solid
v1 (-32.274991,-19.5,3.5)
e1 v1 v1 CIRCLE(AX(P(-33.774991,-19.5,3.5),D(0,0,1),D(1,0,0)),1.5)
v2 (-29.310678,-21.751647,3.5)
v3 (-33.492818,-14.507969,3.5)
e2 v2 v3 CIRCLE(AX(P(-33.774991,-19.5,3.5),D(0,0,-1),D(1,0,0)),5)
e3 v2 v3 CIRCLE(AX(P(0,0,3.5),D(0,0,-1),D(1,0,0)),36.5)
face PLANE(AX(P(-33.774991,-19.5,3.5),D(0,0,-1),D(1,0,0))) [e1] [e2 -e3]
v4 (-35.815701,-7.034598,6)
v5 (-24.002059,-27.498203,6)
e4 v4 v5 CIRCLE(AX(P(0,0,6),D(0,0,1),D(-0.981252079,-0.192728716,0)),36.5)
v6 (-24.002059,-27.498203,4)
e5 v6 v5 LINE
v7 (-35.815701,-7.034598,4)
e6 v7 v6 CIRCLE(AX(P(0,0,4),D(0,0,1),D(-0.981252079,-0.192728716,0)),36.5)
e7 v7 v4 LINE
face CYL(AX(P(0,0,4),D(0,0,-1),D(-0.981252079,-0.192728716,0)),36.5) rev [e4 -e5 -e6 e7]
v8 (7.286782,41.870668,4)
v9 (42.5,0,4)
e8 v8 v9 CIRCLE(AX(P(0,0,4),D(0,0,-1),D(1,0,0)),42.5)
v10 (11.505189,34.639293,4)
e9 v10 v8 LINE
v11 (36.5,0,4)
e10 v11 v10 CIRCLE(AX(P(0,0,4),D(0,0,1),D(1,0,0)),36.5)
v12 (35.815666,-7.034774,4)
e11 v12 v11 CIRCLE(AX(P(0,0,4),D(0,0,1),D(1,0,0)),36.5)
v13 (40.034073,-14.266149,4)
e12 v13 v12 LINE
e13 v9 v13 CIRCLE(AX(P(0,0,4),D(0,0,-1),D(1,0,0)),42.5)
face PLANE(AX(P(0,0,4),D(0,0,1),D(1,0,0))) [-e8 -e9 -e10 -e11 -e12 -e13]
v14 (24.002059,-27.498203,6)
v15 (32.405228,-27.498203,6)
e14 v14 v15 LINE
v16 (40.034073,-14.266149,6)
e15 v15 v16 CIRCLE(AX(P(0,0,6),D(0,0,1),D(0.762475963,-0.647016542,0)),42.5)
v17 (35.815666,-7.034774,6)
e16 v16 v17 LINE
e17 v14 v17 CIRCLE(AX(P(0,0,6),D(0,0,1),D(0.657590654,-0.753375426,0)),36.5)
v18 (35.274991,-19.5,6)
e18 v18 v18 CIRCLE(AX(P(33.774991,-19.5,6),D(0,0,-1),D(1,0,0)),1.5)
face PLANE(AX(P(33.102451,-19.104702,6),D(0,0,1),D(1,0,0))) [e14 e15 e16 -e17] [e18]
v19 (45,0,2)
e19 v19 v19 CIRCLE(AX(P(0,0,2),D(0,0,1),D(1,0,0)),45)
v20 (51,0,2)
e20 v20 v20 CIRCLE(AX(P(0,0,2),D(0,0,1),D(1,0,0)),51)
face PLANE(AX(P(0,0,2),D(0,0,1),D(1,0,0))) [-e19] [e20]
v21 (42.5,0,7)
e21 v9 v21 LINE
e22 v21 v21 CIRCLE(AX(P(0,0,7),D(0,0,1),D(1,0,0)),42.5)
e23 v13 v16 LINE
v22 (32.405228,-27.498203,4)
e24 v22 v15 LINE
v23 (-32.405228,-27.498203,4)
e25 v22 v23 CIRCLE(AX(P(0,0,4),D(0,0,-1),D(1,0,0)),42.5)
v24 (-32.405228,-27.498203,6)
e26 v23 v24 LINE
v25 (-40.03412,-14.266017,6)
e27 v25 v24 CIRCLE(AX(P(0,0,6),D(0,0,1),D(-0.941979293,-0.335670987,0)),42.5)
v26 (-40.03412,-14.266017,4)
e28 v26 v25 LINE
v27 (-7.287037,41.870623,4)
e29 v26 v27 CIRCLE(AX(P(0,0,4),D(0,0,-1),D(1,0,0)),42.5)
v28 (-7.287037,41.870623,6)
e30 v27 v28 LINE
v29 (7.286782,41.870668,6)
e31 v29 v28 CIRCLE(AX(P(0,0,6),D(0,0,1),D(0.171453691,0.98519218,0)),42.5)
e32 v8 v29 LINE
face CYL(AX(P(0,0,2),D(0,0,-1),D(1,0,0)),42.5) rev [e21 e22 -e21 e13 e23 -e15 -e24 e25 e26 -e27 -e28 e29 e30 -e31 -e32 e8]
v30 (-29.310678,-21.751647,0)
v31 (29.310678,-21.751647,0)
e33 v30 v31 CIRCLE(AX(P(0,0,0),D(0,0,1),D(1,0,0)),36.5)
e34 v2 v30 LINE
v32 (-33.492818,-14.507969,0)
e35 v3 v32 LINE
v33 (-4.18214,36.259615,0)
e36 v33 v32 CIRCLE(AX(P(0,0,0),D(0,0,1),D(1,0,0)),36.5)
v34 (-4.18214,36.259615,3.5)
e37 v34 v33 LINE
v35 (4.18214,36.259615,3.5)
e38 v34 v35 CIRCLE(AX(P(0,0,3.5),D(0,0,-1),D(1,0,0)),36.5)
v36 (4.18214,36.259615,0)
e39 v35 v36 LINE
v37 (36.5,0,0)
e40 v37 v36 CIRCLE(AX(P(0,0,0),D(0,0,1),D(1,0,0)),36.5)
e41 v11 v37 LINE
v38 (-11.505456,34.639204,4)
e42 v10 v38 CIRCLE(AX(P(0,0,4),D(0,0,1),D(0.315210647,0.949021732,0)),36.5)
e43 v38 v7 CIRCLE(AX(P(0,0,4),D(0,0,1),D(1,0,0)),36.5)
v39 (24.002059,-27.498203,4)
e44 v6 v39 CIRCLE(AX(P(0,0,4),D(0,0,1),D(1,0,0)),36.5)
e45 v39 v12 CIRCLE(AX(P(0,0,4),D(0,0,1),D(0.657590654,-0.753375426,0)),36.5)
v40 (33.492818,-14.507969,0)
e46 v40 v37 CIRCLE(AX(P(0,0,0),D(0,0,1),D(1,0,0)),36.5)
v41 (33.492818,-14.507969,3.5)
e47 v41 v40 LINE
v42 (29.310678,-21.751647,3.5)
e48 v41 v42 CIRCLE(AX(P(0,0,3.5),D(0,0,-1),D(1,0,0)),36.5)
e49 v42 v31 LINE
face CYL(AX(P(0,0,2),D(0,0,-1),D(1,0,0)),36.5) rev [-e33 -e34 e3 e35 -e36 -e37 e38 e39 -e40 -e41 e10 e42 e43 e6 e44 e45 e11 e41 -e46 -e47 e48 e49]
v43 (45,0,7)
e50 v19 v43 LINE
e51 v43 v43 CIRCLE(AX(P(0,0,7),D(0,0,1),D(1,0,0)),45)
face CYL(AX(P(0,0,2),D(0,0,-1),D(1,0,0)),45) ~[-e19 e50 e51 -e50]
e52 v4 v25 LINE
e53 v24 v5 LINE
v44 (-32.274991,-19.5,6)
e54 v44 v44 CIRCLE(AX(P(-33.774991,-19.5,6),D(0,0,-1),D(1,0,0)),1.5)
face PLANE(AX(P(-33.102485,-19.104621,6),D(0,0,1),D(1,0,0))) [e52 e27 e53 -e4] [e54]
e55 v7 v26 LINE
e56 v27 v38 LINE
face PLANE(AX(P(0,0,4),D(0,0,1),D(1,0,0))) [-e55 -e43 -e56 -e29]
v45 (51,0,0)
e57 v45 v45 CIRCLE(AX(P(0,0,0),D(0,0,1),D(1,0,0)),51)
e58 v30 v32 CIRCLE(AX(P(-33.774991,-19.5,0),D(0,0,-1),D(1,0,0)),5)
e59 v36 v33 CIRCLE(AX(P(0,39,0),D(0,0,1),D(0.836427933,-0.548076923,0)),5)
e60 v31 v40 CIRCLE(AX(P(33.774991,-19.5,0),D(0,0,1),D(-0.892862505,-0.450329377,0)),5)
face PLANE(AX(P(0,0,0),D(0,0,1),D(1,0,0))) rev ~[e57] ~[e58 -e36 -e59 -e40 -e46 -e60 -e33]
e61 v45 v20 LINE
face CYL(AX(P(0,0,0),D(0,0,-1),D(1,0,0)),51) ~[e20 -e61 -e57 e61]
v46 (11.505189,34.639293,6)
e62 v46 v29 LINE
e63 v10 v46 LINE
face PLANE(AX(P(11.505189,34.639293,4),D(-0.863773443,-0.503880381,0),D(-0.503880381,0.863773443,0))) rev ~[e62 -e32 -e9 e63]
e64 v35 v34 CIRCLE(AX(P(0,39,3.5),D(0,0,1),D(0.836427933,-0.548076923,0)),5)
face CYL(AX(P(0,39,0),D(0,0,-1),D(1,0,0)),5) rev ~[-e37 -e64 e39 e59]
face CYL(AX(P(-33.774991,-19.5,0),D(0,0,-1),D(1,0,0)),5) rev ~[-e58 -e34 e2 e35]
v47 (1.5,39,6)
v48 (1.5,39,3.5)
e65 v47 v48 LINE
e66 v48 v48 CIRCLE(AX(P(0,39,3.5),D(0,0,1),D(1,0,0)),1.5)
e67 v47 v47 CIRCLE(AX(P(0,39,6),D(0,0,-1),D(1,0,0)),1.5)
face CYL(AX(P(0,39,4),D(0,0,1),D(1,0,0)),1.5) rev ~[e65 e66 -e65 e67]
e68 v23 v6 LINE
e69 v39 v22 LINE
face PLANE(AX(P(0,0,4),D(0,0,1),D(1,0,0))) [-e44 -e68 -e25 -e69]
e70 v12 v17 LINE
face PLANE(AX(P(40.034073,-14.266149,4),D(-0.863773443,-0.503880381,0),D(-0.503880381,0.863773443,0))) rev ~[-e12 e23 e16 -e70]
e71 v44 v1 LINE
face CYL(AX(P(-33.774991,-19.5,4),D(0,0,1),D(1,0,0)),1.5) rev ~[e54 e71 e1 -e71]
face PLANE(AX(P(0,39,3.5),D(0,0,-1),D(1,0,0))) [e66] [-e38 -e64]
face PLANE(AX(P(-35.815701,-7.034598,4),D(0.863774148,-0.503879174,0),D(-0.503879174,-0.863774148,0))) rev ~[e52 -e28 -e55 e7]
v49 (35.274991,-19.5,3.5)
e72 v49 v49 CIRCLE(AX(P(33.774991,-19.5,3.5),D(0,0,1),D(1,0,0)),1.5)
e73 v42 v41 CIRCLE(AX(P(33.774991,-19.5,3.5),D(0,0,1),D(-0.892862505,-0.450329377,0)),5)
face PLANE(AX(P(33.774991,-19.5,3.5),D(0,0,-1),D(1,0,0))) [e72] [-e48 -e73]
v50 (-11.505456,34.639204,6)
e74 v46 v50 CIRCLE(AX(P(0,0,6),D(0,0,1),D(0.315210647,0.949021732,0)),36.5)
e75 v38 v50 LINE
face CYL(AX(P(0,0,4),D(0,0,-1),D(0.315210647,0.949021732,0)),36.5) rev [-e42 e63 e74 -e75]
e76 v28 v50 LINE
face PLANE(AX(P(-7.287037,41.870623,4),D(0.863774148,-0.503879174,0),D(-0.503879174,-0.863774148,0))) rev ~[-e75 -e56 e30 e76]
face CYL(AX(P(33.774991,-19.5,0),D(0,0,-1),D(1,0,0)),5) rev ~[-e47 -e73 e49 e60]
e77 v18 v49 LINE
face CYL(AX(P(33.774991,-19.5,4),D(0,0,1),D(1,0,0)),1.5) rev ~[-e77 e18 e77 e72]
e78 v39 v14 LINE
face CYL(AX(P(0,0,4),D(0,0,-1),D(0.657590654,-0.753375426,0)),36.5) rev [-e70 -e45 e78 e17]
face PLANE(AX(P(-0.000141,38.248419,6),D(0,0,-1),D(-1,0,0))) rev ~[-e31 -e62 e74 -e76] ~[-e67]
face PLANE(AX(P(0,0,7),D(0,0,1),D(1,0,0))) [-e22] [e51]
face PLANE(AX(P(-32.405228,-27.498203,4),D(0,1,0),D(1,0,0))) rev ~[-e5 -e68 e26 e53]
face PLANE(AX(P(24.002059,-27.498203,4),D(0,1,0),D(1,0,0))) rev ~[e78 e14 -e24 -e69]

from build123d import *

# Parameters (mm, degrees)
SKETCH_R          = 51
SKETCH_R_2        = 36.5
PAD_DEPTH         = 2
SKETCH001_R       = 45
SKETCH001_R_2     = 42.5
PAD001_DEPTH      = 5
SKETCH002_R       = 43
SKETCH002_R_2     = 36.5
PAD002_DEPTH      = 2
SKETCH004_R       = 5
POCKET001_DEPTH   = 3.5
PAD003_DEPTH      = 2
SKETCH003_R       = 1.5
POCKET_DEPTH      = 4.001
POCKET_DEPTH_BACK = 3.001


with BuildPart() as part:
    # Sketch → Pad (new body)
    with BuildSketch(Plane.XY):
        Circle(SKETCH_R)
        Circle(SKETCH_R_2, mode=Mode.SUBTRACT)
    extrude(amount=PAD_DEPTH)

    # Sketch001 (on Face4 of Pad) → Pad001 (join)
    with BuildSketch(Plane.XY.offset(2)):
        Circle(SKETCH001_R)
        Circle(SKETCH001_R_2, mode=Mode.SUBTRACT)
    extrude(amount=PAD001_DEPTH)

    # Sketch002 (on Face6 of Pad001) → Pad002 (join)
    with BuildSketch(Plane.XY.offset(2)):
        Circle(SKETCH002_R)
        Circle(SKETCH002_R_2, mode=Mode.SUBTRACT)
    extrude(amount=PAD002_DEPTH)

    # Sketch004 → Pocket001 (cut)
    with BuildSketch(Plane(origin=(0, 0, 0), x_dir=(1, 0, 0), z_dir=(0, 0, -1))):
        with Locations((33.7749907476, 19.5)):
            Circle(SKETCH004_R)
        with Locations((-33.7749907476, 19.5)):
            Circle(SKETCH004_R)
        with Locations((0, -39)):
            Circle(SKETCH004_R)
    extrude(amount=-POCKET001_DEPTH, mode=Mode.SUBTRACT)

    # Sketch005 (on Face19 of Pocket001) → Pad003 (join)
    with BuildSketch(Plane.XY.offset(4)):
        with BuildLine():
            ThreePointArc((11.5051886068, 34.6392932249), (-0.0001407701, 36.4999999997), (-11.5054557942, 34.6392044794))
            Line((-7.2870367194, 41.8706233038), (-11.5054557942, 34.6392044794))
            ThreePointArc((7.2867818781, 41.8706676548), (-0.0001293359, 42.4999999998), (-7.2870367194, 41.8706233038))
            Line((11.5051886068, 34.6392932249), (7.2867818781, 41.8706676548))
        make_face()
        with BuildLine():
            ThreePointArc((-40.0341199475, -14.2660169643), (-36.8189826795, -21.2276356301), (-32.4052284347, -27.4982030339))
            Line((-32.4052284347, -27.4982030339), (-24.0020588681, -27.4982030339))
            ThreePointArc((-35.8157008728, -7.0345981399), (-31.6106133509, -18.2488115663), (-24.0020588681, -27.4982030339))
            Line((-35.8157008728, -7.0345981399), (-40.0341199475, -14.2660169643))
        make_face()
        with BuildLine():
            Line((40.0340730114, -14.2661486785), (35.8156662827, -7.0347742486))
            ThreePointArc((24.0020588681, -27.4982030339), (31.6105684853, -18.2488892822), (35.8156662827, -7.0347742486))
            Line((24.0020588681, -27.4982030339), (32.4052284347, -27.4982030339))
            ThreePointArc((32.4052284347, -27.4982030339), (36.8189477595, -21.2276961982), (40.0340730114, -14.2661486785))
        make_face()
    extrude(amount=PAD003_DEPTH)

    # Sketch003 (on Face8 of Pad002) → Pocket (cut, two sides)
    with BuildSketch(Plane.XY.offset(4)) as pocket_sk:
        with Locations((0, 39)):
            Circle(SKETCH003_R)
        with Locations((33.7749907476, -19.5)):
            Circle(SKETCH003_R)
        with Locations((-33.7749907476, -19.5)):
            Circle(SKETCH003_R)
    extrude(amount=-POCKET_DEPTH, mode=Mode.SUBTRACT)
    extrude(pocket_sk.sketch, amount=POCKET_DEPTH_BACK, mode=Mode.SUBTRACT)


solid = part.part
